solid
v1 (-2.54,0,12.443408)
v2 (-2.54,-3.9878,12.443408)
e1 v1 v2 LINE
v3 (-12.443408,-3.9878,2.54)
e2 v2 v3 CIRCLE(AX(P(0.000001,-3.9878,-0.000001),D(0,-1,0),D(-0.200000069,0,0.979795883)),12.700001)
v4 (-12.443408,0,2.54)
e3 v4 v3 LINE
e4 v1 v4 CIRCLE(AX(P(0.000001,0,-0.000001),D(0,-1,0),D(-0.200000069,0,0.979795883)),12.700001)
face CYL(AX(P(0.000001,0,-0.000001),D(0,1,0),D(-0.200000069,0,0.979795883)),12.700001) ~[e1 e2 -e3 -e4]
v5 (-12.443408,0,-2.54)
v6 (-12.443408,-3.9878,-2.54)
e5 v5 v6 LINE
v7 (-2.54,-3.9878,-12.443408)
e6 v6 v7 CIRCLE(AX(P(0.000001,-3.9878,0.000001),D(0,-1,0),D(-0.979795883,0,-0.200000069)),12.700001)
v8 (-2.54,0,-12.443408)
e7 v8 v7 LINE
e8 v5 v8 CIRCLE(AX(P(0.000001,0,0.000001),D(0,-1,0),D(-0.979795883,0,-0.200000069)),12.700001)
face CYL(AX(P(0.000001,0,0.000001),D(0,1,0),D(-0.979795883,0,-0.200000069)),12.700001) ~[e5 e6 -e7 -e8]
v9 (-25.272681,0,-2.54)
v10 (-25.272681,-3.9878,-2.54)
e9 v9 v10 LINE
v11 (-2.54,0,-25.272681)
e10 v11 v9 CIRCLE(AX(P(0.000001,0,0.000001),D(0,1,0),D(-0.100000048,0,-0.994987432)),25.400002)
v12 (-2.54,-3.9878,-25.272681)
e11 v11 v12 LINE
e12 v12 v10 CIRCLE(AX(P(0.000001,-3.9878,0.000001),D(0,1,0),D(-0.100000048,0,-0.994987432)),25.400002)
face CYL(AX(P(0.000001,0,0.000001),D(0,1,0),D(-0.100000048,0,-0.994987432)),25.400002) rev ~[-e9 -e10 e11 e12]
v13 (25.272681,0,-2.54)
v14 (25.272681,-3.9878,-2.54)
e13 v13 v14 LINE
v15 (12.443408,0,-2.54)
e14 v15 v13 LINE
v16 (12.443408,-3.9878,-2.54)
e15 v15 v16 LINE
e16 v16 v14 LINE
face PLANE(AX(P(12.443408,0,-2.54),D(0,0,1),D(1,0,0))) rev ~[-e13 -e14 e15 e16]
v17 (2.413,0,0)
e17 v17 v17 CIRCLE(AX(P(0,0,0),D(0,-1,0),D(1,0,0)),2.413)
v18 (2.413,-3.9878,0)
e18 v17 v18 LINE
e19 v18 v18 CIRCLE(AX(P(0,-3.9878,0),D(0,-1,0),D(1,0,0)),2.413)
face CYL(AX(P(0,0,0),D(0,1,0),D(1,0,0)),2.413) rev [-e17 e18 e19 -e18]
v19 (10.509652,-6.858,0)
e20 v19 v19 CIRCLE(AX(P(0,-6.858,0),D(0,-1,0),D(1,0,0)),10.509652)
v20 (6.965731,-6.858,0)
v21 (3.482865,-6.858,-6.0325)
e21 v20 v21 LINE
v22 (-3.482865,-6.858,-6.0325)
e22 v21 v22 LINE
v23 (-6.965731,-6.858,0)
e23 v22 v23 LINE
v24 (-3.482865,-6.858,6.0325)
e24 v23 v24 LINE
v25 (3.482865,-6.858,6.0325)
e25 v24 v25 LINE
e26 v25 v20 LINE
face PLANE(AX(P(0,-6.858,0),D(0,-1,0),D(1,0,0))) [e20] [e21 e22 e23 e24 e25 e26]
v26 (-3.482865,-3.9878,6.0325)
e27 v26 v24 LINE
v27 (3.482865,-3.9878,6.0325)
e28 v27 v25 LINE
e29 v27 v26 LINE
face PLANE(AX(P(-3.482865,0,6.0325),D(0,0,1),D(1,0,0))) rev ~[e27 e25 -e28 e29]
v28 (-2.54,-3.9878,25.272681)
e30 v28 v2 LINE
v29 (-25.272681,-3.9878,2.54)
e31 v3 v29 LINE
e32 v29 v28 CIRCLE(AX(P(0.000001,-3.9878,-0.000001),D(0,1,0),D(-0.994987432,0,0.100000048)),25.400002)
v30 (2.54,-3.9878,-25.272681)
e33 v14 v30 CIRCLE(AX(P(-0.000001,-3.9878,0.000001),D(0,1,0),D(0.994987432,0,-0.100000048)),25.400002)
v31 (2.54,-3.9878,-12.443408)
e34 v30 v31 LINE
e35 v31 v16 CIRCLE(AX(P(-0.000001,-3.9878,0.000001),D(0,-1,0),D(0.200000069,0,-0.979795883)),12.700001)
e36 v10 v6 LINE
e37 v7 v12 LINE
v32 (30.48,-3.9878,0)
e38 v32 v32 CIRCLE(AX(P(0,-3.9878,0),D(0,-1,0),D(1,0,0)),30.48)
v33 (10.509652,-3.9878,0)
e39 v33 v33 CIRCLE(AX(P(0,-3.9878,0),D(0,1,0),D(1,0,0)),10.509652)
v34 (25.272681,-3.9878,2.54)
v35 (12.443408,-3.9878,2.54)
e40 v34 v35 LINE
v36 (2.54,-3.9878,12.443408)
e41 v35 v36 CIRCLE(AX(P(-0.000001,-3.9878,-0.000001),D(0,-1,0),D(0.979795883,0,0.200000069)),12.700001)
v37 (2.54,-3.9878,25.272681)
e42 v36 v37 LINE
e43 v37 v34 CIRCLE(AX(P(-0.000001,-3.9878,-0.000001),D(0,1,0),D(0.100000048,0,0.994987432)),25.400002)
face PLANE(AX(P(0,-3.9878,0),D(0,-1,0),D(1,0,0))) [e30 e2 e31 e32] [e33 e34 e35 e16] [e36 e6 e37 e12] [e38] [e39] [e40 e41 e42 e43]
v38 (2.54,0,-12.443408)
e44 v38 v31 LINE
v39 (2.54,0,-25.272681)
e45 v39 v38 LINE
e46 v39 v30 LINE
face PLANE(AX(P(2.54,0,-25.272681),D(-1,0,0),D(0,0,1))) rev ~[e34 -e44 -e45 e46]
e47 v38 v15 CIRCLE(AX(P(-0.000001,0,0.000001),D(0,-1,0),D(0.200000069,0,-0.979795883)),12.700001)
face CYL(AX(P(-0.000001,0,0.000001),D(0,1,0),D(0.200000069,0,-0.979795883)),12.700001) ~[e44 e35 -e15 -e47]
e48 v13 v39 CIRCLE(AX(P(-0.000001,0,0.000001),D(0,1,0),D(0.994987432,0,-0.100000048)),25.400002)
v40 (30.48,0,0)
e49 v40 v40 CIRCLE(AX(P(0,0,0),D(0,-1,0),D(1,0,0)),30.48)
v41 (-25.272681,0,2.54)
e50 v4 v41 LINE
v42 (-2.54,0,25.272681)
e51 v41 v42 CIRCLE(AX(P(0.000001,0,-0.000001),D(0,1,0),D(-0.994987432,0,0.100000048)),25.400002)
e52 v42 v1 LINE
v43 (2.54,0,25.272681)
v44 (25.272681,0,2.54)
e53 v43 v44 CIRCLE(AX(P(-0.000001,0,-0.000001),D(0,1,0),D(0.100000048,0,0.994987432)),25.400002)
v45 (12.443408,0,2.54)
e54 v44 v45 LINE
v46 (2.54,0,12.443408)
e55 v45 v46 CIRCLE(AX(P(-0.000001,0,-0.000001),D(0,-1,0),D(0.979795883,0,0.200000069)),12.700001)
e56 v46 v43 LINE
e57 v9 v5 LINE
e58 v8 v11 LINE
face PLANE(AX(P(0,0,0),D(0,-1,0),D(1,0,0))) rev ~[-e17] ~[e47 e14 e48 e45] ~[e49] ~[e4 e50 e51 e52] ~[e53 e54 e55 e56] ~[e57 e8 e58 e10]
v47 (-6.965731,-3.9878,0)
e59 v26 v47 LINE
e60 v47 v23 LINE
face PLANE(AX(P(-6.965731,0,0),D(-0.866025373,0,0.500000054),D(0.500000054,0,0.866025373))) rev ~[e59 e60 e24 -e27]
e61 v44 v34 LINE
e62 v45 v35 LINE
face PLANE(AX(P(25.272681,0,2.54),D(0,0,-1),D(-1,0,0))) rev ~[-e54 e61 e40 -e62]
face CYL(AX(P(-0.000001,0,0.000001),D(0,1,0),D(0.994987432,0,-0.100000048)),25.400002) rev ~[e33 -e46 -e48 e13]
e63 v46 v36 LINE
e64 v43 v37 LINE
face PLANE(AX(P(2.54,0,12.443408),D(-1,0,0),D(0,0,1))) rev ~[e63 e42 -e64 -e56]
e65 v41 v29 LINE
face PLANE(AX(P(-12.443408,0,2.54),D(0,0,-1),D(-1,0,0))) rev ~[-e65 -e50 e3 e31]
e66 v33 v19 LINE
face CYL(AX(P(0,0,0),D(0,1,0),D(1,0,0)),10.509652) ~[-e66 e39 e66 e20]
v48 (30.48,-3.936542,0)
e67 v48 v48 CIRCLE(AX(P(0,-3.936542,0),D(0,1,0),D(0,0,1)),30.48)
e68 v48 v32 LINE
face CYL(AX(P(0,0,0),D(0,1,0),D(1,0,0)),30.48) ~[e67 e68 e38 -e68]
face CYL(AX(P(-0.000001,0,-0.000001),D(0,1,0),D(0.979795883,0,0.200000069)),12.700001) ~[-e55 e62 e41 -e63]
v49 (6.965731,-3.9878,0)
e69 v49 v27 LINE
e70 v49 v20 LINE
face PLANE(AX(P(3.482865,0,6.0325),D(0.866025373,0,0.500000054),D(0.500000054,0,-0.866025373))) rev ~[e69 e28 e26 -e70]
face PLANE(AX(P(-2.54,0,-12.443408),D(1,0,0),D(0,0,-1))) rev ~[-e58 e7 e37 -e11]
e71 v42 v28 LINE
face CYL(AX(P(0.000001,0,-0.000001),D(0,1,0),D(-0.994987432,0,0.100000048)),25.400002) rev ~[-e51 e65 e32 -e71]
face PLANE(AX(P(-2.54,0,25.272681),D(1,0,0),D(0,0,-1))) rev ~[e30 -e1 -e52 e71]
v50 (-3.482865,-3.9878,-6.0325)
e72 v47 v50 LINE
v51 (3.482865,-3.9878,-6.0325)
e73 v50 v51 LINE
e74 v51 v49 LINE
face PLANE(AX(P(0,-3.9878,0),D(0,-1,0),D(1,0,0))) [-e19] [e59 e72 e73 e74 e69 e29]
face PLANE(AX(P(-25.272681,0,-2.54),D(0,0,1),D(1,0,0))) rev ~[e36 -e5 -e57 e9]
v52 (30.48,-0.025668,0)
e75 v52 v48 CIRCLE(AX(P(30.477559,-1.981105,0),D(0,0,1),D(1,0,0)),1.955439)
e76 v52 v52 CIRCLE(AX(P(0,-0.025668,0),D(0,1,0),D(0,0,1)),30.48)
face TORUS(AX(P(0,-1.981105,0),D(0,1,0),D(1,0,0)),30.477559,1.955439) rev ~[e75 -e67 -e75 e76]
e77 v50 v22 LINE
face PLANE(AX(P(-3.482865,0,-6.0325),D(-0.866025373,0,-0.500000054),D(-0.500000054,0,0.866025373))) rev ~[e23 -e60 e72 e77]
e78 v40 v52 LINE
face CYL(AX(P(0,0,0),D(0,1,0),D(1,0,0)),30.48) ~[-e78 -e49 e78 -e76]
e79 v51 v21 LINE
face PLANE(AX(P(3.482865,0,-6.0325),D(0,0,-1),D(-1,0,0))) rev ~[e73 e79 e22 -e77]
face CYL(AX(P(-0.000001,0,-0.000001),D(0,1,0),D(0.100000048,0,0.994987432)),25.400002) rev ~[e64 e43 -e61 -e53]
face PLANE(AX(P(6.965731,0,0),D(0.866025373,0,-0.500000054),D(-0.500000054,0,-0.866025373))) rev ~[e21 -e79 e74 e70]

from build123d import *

# Parameters (mm, degrees)
F0_R     = 30.48
F0_R_2   = 10.509652
F1_DEPTH = 3.9878
F2_R     = 1.955439
F0_R_3   = 2.413
F4_DEPTH = 3.9878
F5_DEPTH = 6.858


with BuildPart() as f1:
    # F0 (on Front) → F1 (new body)
    with BuildSketch(Plane.XZ):
        Circle(F0_R)
        with BuildLine():
            Line((-25.272681, -2.54), (-12.443408, -2.54))
            ThreePointArc((-12.443408, -2.54), (-8.980256, -8.980256), (-2.54, -12.443408))
            Line((-2.54, -12.443408), (-2.54, -25.272681))
            ThreePointArc((-2.54, -25.272681), (-17.960512, -17.960512), (-25.272681, -2.54))
        make_face(mode=Mode.SUBTRACT)
        with BuildLine():
            Line((2.54, -25.272681), (2.54, -12.443408))
            ThreePointArc((2.54, -12.443408), (8.980256, -8.980256), (12.443408, -2.54))
            Line((12.443408, -2.54), (25.272681, -2.54))
            ThreePointArc((25.272681, -2.54), (17.960512, -17.960512), (2.54, -25.272681))
        make_face(mode=Mode.SUBTRACT)
        with BuildLine():
            Line((-2.54, 25.272681), (-2.54, 12.443408))
            ThreePointArc((-2.54, 12.443408), (-8.980256, 8.980256), (-12.443408, 2.54))
            Line((-12.443408, 2.54), (-25.272681, 2.54))
            ThreePointArc((-25.272681, 2.54), (-17.960512, 17.960512), (-2.54, 25.272681))
        make_face(mode=Mode.SUBTRACT)
        Circle(F0_R_2, mode=Mode.SUBTRACT)
        with BuildLine():
            Line((25.272681, 2.54), (12.443408, 2.54))
            ThreePointArc((12.443408, 2.54), (8.980256, 8.980256), (2.54, 12.443408))
            Line((2.54, 12.443408), (2.54, 25.272681))
            ThreePointArc((2.54, 25.272681), (17.960512, 17.960512), (25.272681, 2.54))
        make_face(mode=Mode.SUBTRACT)
    extrude(amount=F1_DEPTH)

    # F2 (on Top) → F3 (revolve, cut)
    with BuildSketch(Plane.XY):
        with Locations((30.477559, -1.981105)):
            Circle(F2_R)
    revolve(axis=Axis((0, 8.885407, 0), (0, 1, 0)), mode=Mode.SUBTRACT)

    # F0 (on Front) → F4 (join)
    with BuildSketch(Plane.XZ):
        Circle(F0_R_2)
        Polygon((-3.482865, 6.0325), (3.482865, 6.0325), (6.965731, 0), (3.482865, -6.0325), (-3.482865, -6.0325), (-6.965731, 0), align=None, mode=Mode.SUBTRACT)
        Polygon((6.965731, 0), (3.482865, 6.0325), (-3.482865, 6.0325), (-6.965731, 0), (-3.482865, -6.0325), (3.482865, -6.0325), align=None)
        Circle(F0_R_3, mode=Mode.SUBTRACT)
    extrude(amount=F4_DEPTH)

    # F0 (on Front) → F5 (join)
    with BuildSketch(Plane.XZ):
        Circle(F0_R_2)
        Polygon((-3.482865, 6.0325), (3.482865, 6.0325), (6.965731, 0), (3.482865, -6.0325), (-3.482865, -6.0325), (-6.965731, 0), align=None, mode=Mode.SUBTRACT)
    extrude(amount=F5_DEPTH)


solid = f1.part
